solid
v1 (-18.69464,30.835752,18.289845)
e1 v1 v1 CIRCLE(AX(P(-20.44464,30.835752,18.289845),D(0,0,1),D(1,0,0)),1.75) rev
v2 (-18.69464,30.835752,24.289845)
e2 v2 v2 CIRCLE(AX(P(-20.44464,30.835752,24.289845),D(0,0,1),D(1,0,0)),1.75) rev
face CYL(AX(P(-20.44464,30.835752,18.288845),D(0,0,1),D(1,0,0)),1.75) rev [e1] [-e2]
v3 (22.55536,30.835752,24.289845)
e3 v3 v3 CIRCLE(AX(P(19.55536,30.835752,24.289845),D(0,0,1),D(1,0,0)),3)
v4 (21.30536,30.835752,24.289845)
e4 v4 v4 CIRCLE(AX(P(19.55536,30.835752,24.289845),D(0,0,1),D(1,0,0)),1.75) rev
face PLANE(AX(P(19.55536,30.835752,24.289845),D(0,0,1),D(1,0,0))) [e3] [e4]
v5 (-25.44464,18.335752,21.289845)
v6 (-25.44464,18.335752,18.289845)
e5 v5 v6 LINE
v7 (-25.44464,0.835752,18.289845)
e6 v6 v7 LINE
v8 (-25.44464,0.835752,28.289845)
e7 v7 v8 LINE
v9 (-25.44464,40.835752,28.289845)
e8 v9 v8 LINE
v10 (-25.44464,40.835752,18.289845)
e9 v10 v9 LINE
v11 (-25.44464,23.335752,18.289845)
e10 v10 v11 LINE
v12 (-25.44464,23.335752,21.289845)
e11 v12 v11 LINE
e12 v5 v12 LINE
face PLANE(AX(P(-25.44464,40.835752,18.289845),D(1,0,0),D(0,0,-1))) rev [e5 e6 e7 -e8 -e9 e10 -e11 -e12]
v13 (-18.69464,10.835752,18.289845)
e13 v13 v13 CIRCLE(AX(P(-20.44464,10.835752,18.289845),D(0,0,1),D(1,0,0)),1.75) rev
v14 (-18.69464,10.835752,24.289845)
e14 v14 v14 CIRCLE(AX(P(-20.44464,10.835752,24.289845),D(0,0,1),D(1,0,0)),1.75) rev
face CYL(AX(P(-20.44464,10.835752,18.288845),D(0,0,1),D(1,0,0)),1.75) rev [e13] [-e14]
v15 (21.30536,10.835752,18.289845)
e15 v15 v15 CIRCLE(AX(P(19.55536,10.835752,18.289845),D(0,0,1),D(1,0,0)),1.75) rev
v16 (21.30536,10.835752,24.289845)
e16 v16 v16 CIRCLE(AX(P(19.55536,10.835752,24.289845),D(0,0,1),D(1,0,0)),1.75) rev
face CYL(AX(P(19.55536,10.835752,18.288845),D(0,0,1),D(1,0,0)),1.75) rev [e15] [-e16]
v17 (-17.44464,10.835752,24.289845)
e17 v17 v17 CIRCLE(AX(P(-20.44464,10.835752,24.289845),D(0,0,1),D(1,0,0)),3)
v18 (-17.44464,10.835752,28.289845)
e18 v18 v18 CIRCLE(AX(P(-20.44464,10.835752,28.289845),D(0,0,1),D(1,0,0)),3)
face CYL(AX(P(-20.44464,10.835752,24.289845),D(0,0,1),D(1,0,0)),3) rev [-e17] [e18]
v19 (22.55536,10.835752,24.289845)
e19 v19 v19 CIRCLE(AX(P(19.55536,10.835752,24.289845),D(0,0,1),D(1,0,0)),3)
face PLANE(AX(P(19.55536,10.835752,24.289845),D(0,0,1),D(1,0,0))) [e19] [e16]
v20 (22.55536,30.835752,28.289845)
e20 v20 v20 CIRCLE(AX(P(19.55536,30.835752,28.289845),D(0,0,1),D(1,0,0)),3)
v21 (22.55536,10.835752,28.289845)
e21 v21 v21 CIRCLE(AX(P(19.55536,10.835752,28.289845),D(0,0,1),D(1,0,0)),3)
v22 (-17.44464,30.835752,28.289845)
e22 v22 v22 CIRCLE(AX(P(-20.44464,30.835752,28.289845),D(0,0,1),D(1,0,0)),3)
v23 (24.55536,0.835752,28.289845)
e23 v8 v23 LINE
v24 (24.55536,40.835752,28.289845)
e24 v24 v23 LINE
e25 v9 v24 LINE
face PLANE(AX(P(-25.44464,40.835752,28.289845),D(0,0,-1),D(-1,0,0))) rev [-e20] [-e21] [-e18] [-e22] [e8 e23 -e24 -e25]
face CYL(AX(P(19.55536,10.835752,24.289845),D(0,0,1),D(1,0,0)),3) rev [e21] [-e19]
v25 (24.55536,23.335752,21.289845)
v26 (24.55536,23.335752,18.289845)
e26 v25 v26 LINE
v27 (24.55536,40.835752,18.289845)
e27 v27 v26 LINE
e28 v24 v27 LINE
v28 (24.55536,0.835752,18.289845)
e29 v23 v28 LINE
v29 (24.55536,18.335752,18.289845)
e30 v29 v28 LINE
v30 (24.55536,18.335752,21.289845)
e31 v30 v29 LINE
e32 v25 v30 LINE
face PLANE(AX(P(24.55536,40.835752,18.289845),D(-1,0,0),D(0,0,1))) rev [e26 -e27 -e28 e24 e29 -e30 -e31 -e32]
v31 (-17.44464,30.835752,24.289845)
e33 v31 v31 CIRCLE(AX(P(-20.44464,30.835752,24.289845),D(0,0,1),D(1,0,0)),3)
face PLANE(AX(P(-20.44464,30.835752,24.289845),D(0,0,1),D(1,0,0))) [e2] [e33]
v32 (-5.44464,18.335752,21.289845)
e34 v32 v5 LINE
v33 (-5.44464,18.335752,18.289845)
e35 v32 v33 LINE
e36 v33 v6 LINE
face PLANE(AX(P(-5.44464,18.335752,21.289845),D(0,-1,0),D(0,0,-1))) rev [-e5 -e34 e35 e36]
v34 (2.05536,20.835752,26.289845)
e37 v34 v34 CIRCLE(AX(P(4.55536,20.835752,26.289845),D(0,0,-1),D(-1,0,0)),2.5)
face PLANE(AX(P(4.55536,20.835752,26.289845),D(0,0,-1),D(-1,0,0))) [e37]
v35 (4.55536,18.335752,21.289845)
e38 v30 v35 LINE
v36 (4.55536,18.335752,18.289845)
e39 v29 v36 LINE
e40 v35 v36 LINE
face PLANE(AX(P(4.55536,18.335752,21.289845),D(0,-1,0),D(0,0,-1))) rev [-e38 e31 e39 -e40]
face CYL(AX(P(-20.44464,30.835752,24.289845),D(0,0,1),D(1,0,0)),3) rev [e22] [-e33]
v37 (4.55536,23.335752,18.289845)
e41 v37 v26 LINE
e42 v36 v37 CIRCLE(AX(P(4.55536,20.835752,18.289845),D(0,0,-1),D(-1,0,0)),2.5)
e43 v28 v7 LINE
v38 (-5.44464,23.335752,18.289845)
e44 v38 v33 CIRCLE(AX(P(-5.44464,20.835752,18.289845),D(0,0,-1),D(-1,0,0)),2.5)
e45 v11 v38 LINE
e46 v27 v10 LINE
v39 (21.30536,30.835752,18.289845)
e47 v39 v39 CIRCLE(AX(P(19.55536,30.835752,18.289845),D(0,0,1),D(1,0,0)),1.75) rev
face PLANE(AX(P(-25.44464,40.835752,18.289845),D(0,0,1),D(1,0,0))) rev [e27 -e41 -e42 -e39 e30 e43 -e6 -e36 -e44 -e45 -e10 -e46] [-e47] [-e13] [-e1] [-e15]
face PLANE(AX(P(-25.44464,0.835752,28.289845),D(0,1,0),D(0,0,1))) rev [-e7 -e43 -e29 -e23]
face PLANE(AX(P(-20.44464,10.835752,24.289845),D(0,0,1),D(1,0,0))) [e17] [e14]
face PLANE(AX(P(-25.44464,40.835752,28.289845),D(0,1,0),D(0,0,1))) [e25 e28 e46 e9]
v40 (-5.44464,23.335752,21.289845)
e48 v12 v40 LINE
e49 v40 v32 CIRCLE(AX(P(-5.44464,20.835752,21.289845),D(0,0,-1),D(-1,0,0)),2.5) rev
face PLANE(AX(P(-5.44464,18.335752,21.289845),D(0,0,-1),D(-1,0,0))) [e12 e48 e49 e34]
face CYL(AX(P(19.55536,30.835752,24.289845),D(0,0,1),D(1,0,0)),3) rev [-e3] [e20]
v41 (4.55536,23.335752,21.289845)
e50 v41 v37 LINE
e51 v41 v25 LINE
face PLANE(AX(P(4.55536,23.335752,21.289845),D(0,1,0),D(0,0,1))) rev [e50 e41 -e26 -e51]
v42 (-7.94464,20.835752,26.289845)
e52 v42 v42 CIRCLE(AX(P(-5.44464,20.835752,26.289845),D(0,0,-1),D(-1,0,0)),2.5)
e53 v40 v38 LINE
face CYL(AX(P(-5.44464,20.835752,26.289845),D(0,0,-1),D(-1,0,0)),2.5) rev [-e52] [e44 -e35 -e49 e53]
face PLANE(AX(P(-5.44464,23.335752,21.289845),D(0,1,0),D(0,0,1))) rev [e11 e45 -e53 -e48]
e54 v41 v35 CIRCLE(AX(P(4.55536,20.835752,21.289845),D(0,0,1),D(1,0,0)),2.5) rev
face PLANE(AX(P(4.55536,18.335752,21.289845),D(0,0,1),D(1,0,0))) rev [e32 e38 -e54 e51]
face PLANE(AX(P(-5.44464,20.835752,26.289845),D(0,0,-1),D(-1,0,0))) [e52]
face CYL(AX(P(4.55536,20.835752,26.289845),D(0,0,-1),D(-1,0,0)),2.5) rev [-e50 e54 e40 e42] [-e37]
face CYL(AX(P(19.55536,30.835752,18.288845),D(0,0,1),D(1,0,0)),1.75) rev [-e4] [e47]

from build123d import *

# Parameters (mm, degrees)
SKETCH1_W           = 50
SKETCH1_H           = 10
BOSS_EXTRUDE1_DEPTH = 40
CUT_EXTRUDE1_REACH  = 12
SKETCH2_R           = 1.75
SKETCH3_R           = 3
CUT_EXTRUDE2_DEPTH  = 4
SKETCH5_R           = 2.5
CUT_EXTRUDE3_DEPTH  = 8
SKETCH6_W           = 20
SKETCH6_H           = 5
CUT_EXTRUDE4_DEPTH  = 3


with BuildPart() as part:
    # Sketch1 → Boss-Extrude1 (new body)
    with BuildSketch(Plane(origin=(0, 0.83575208, 0), x_dir=(-1, 0, 0), z_dir=(0, 1, 0))):
        with Locations((0.444640388, 23.28984466)):
            Rectangle(SKETCH1_W, SKETCH1_H)
    extrude(amount=BOSS_EXTRUDE1_DEPTH)

    # Sketch2 → Cut-Extrude1 (cut, up to next)
    with BuildSketch(Plane.XY.offset(28.28984466), mode=Mode.PRIVATE) as cut_extrude1_sk1:
        with Locations((-20.444640388, 30.83575208)):
            Circle(SKETCH2_R)
    cut_extrude1_tool1 = extrude(cut_extrude1_sk1.sketch, amount=-CUT_EXTRUDE1_REACH, mode=Mode.PRIVATE) & part.part
    add(cut_extrude1_tool1.solids().sort_by_distance((-20.44464, 30.835752, 28.289845))[0], mode=Mode.SUBTRACT)
    # Sketch2 → Cut-Extrude1 (cut, up to next)
    with BuildSketch(Plane.XY.offset(28.28984466), mode=Mode.PRIVATE) as cut_extrude1_sk2:
        with Locations((-20.444640388, 10.83575208)):
            Circle(SKETCH2_R)
    cut_extrude1_tool2 = extrude(cut_extrude1_sk2.sketch, amount=-CUT_EXTRUDE1_REACH, mode=Mode.PRIVATE) & part.part
    add(cut_extrude1_tool2.solids().sort_by_distance((-20.44464, 10.835752, 28.289845))[0], mode=Mode.SUBTRACT)
    # Sketch2 → Cut-Extrude1 (cut, up to next)
    with BuildSketch(Plane.XY.offset(28.28984466), mode=Mode.PRIVATE) as cut_extrude1_sk3:
        with Locations((19.555359612, 10.83575208)):
            Circle(SKETCH2_R)
    cut_extrude1_tool3 = extrude(cut_extrude1_sk3.sketch, amount=-CUT_EXTRUDE1_REACH, mode=Mode.PRIVATE) & part.part
    add(cut_extrude1_tool3.solids().sort_by_distance((19.55536, 10.835752, 28.289845))[0], mode=Mode.SUBTRACT)
    # Sketch2 → Cut-Extrude1 (cut, up to next)
    with BuildSketch(Plane.XY.offset(28.28984466), mode=Mode.PRIVATE) as cut_extrude1_sk4:
        with Locations((19.555359612, 30.83575208)):
            Circle(SKETCH2_R)
    cut_extrude1_tool4 = extrude(cut_extrude1_sk4.sketch, amount=-CUT_EXTRUDE1_REACH, mode=Mode.PRIVATE) & part.part
    add(cut_extrude1_tool4.solids().sort_by_distance((19.55536, 30.835752, 28.289845))[0], mode=Mode.SUBTRACT)

    # Sketch3 → Cut-Extrude2 (cut)
    with BuildSketch(Plane.XY.offset(28.28984466)):
        with Locations((-20.444640388, 30.83575208)):
            Circle(SKETCH3_R)
        with Locations((-20.444640388, 10.83575208)):
            Circle(SKETCH3_R)
        with Locations((19.555359612, 10.83575208)):
            Circle(SKETCH3_R)
        with Locations((19.555359612, 30.83575208)):
            Circle(SKETCH3_R)
    extrude(amount=-CUT_EXTRUDE2_DEPTH, mode=Mode.SUBTRACT)

    # Sketch5 → Cut-Extrude3 (cut)
    with BuildSketch(Plane(origin=(0, 0, 18.28984466), x_dir=(-1, 0, 0), z_dir=(0, 0, -1))):
        with Locations((5.444640388, 20.83575208)):
            Circle(SKETCH5_R)
        with Locations((-4.555359612, 20.83575208)):
            Circle(SKETCH5_R)
    extrude(amount=-CUT_EXTRUDE3_DEPTH, mode=Mode.SUBTRACT)

    # Sketch6 → Cut-Extrude4 (cut)
    with BuildSketch(Plane(origin=(0, 0, 18.28984466), x_dir=(-1, 0, 0), z_dir=(0, 0, -1))):
        with Locations((15.444640388, 20.83575208)):
            Rectangle(SKETCH6_W, SKETCH6_H)
        with Locations((-14.555359612, 20.83575208)):
            Rectangle(SKETCH6_W, SKETCH6_H)
    extrude(amount=-CUT_EXTRUDE4_DEPTH, mode=Mode.SUBTRACT)


solid = part.part
